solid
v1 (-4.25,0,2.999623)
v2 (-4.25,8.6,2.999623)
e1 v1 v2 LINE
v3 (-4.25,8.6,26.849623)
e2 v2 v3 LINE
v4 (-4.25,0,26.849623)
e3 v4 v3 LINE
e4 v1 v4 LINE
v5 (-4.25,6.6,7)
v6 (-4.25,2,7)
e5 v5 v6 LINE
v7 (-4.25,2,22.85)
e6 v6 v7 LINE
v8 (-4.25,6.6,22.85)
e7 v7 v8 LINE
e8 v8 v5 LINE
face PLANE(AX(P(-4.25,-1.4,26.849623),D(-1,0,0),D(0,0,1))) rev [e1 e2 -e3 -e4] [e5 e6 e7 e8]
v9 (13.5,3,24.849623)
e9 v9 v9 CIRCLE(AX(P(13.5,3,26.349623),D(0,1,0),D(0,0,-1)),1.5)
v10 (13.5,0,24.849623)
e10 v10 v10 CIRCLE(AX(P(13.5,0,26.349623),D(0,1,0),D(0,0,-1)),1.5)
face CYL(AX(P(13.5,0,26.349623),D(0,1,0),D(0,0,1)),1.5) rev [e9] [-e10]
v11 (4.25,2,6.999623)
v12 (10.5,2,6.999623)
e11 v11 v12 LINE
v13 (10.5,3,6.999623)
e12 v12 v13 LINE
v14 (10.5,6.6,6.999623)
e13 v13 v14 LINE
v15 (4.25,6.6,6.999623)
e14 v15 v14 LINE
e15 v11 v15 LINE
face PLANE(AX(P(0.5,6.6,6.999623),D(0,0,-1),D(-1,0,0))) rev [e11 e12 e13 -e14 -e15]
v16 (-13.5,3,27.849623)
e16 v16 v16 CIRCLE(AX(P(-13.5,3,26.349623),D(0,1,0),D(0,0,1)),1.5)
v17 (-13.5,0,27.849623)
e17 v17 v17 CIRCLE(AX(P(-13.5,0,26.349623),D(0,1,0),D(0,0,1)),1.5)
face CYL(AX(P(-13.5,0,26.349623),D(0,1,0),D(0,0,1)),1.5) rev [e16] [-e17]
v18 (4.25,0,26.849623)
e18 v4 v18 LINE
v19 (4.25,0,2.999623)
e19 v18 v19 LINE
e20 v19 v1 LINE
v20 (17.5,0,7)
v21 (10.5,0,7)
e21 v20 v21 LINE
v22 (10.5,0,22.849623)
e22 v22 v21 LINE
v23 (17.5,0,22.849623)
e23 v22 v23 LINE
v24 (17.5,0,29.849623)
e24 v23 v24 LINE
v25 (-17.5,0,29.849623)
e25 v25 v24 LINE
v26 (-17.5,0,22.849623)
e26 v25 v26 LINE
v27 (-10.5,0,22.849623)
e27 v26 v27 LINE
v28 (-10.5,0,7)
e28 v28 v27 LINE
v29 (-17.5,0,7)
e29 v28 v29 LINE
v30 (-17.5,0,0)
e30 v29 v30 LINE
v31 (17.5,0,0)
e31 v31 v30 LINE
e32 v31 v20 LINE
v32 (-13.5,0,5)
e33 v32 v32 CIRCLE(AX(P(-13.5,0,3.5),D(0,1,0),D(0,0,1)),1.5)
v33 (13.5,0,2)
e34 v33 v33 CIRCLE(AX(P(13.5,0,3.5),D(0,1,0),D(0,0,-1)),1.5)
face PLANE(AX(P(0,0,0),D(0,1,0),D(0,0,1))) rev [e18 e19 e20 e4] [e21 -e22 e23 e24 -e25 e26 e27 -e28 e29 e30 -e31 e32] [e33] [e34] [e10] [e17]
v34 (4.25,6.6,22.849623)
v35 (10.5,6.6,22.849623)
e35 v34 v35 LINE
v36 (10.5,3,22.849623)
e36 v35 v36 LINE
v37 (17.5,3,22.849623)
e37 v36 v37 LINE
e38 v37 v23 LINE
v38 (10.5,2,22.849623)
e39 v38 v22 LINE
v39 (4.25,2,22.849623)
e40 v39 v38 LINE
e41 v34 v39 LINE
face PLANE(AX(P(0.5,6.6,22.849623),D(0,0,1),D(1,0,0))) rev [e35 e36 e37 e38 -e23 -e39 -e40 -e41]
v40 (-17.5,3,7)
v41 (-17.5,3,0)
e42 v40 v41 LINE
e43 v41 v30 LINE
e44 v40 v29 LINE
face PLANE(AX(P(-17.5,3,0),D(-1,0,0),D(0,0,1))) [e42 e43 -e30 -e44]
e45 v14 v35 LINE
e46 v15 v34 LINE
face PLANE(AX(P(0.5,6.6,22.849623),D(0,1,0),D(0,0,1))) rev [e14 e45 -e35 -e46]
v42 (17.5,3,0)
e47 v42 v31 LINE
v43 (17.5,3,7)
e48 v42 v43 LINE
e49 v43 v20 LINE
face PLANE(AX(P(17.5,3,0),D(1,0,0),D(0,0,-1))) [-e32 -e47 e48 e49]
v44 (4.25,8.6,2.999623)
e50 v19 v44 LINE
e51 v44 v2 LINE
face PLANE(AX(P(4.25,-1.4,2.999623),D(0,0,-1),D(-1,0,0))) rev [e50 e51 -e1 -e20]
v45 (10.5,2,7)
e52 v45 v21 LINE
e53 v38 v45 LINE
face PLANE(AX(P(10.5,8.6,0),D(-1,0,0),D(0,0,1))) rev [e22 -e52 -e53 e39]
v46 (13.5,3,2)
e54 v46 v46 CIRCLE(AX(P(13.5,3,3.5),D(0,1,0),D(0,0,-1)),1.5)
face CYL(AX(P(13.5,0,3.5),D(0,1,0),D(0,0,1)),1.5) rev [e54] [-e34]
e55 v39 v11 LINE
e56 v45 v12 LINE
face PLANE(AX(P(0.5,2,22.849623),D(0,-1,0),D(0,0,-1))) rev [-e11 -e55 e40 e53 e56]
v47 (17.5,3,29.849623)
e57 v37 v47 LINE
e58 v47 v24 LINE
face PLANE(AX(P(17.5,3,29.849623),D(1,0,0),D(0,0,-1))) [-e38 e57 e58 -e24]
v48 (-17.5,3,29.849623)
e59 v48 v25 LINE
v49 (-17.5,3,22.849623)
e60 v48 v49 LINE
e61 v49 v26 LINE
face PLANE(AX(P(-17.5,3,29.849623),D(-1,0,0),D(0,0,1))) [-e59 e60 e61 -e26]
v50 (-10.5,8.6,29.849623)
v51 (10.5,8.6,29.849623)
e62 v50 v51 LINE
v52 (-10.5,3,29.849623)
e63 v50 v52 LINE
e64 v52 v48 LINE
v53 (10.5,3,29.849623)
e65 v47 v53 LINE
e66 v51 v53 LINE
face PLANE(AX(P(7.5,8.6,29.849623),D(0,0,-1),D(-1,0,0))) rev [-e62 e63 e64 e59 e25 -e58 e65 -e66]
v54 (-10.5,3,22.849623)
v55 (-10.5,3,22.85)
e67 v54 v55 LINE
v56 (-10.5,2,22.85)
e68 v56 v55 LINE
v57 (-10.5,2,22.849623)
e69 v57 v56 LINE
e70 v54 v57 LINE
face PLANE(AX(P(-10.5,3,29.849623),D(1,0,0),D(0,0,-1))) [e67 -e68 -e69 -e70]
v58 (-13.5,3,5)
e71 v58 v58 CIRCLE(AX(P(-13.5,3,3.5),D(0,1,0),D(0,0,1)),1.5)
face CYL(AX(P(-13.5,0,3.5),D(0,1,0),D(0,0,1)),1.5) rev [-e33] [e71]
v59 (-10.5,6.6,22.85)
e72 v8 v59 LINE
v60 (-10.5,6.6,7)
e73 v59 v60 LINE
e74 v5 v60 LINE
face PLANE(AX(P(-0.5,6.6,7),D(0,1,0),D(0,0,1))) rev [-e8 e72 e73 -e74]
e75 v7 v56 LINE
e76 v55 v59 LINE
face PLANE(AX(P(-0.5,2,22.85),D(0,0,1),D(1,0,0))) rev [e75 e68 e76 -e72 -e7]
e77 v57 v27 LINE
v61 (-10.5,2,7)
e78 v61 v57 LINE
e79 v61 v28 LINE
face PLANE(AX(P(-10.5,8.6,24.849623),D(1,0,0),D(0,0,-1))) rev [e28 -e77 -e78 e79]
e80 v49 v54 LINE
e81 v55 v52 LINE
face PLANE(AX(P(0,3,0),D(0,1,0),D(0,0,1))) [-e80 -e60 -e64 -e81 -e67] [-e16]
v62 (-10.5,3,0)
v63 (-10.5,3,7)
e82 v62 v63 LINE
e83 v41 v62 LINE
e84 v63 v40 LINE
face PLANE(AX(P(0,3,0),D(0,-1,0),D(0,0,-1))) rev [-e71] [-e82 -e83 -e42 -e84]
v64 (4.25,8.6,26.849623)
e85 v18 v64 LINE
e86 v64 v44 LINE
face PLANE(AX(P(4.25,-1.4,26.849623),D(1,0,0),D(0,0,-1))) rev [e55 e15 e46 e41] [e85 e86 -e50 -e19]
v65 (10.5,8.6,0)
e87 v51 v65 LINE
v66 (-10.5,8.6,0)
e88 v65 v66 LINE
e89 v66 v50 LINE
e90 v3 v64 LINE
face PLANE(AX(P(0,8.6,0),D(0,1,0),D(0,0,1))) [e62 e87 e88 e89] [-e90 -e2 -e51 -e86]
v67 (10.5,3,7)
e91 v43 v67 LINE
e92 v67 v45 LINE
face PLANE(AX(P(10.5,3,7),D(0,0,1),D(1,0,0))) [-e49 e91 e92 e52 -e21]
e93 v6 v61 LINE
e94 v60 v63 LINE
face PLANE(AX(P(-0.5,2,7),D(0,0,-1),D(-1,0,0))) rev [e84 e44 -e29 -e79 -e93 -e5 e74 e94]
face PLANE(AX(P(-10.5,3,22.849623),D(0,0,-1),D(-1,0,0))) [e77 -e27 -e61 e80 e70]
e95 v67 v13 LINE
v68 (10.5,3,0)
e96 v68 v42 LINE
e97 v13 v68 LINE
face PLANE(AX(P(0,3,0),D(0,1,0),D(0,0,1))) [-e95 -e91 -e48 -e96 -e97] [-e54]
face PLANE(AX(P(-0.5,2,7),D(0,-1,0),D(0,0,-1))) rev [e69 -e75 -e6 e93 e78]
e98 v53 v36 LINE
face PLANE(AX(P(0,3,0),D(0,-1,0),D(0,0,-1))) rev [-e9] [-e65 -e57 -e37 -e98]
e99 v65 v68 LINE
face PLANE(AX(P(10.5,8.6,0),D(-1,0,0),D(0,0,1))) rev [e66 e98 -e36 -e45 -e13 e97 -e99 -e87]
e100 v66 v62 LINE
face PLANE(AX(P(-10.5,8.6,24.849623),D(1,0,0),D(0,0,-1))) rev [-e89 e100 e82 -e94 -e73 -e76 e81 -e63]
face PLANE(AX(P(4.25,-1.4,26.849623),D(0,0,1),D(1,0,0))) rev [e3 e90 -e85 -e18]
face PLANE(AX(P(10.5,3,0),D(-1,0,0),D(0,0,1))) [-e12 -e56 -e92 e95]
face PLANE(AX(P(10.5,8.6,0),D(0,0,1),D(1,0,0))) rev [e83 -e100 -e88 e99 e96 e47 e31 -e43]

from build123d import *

# Parameters (mm, degrees)
BOSS_EXTRUDE1_DEPTH = 8.6
SKETCH5_W           = 8.5
SKETCH5_H           = 23.85
CUT_EXTRUDE3_DEPTH  = 10
SKETCH6_W           = 15.85
SKETCH6_H           = 4.6
CUT_EXTRUDE4_DEPTH  = 10
SKETCH7_W           = 15.85
SKETCH7_H           = 4.6
CUT_EXTRUDE5_DEPTH  = 10
SKETCH9_W           = 7
SKETCH9_H           = 7
BOSS_EXTRUDE3_DEPTH = 3
SKETCH10_R          = 1.5
CUT_EXTRUDE6_DEPTH  = 3


with BuildPart() as part:
    # Sketch1 → Boss-Extrude1 (new body)
    with BuildSketch(Plane(origin=(0, 0, 0), x_dir=(1, 0, 0), z_dir=(0, 1, 0))):
        Polygon((-10.5, 0), (-10.5, -24.849623113), (-10.5, -29.849623113), (7.5, -29.849623113), (10.5, -29.849623113), (10.5, -24.849623113), (10.5, 0), align=None)
    extrude(amount=BOSS_EXTRUDE1_DEPTH)

    # Sketch5 → Cut-Extrude3 (cut)
    with BuildSketch(Plane(origin=(0, 8.6, 0), x_dir=(1, 0, 0), z_dir=(0, 1, 0))):
        with Locations((0, -14.924623113)):
            Rectangle(SKETCH5_W, SKETCH5_H)
    extrude(amount=-CUT_EXTRUDE3_DEPTH, mode=Mode.SUBTRACT)

    # Sketch6 → Cut-Extrude4 (cut)
    with BuildSketch(Plane.ZY.offset(10.5)):
        with Locations((14.925, 4.3)):
            Rectangle(SKETCH6_W, SKETCH6_H)
    extrude(amount=-CUT_EXTRUDE4_DEPTH, mode=Mode.SUBTRACT)

    # Sketch7 → Cut-Extrude5 (cut)
    with BuildSketch(Plane(origin=(10.5, 0, 0), x_dir=(0, 0, -1), z_dir=(1, 0, 0))):
        with Locations((-14.924623113, 4.3)):
            Rectangle(SKETCH7_W, SKETCH7_H)
    extrude(amount=-CUT_EXTRUDE5_DEPTH, mode=Mode.SUBTRACT)

    # Sketch9 → Boss-Extrude3 (add)
    with BuildSketch(Plane.XZ):
        with Locations((-14, 26.349623113)):
            Rectangle(SKETCH9_W, SKETCH9_H)
        with Locations((14, 26.349623113)):
            Rectangle(SKETCH9_W, SKETCH9_H)
        with Locations((-14, 3.5)):
            Rectangle(SKETCH9_W, SKETCH9_H)
        with Locations((14, 3.5)):
            Rectangle(SKETCH9_W, SKETCH9_H)
    extrude(amount=-BOSS_EXTRUDE3_DEPTH)

    # Sketch10 → Cut-Extrude6 (cut)
    with BuildSketch(Plane(origin=(0, 3, 0), x_dir=(1, 0, 0), z_dir=(0, 1, 0))):
        with Locations(Location((-13.5, -3.5, 0), (0, 0, 270))):
            Circle(SKETCH10_R)
        with Locations(Location((-13.5, -26.349623113, 0), (0, 0, 270))):
            Circle(SKETCH10_R)
        with Locations(Location((13.5, -26.349623113, 0), (0, 0, 90))):
            Circle(SKETCH10_R)
        with Locations(Location((13.5, -3.5, 0), (0, 0, 90))):
            Circle(SKETCH10_R)
    extrude(amount=-CUT_EXTRUDE6_DEPTH, mode=Mode.SUBTRACT)


solid = part.part
